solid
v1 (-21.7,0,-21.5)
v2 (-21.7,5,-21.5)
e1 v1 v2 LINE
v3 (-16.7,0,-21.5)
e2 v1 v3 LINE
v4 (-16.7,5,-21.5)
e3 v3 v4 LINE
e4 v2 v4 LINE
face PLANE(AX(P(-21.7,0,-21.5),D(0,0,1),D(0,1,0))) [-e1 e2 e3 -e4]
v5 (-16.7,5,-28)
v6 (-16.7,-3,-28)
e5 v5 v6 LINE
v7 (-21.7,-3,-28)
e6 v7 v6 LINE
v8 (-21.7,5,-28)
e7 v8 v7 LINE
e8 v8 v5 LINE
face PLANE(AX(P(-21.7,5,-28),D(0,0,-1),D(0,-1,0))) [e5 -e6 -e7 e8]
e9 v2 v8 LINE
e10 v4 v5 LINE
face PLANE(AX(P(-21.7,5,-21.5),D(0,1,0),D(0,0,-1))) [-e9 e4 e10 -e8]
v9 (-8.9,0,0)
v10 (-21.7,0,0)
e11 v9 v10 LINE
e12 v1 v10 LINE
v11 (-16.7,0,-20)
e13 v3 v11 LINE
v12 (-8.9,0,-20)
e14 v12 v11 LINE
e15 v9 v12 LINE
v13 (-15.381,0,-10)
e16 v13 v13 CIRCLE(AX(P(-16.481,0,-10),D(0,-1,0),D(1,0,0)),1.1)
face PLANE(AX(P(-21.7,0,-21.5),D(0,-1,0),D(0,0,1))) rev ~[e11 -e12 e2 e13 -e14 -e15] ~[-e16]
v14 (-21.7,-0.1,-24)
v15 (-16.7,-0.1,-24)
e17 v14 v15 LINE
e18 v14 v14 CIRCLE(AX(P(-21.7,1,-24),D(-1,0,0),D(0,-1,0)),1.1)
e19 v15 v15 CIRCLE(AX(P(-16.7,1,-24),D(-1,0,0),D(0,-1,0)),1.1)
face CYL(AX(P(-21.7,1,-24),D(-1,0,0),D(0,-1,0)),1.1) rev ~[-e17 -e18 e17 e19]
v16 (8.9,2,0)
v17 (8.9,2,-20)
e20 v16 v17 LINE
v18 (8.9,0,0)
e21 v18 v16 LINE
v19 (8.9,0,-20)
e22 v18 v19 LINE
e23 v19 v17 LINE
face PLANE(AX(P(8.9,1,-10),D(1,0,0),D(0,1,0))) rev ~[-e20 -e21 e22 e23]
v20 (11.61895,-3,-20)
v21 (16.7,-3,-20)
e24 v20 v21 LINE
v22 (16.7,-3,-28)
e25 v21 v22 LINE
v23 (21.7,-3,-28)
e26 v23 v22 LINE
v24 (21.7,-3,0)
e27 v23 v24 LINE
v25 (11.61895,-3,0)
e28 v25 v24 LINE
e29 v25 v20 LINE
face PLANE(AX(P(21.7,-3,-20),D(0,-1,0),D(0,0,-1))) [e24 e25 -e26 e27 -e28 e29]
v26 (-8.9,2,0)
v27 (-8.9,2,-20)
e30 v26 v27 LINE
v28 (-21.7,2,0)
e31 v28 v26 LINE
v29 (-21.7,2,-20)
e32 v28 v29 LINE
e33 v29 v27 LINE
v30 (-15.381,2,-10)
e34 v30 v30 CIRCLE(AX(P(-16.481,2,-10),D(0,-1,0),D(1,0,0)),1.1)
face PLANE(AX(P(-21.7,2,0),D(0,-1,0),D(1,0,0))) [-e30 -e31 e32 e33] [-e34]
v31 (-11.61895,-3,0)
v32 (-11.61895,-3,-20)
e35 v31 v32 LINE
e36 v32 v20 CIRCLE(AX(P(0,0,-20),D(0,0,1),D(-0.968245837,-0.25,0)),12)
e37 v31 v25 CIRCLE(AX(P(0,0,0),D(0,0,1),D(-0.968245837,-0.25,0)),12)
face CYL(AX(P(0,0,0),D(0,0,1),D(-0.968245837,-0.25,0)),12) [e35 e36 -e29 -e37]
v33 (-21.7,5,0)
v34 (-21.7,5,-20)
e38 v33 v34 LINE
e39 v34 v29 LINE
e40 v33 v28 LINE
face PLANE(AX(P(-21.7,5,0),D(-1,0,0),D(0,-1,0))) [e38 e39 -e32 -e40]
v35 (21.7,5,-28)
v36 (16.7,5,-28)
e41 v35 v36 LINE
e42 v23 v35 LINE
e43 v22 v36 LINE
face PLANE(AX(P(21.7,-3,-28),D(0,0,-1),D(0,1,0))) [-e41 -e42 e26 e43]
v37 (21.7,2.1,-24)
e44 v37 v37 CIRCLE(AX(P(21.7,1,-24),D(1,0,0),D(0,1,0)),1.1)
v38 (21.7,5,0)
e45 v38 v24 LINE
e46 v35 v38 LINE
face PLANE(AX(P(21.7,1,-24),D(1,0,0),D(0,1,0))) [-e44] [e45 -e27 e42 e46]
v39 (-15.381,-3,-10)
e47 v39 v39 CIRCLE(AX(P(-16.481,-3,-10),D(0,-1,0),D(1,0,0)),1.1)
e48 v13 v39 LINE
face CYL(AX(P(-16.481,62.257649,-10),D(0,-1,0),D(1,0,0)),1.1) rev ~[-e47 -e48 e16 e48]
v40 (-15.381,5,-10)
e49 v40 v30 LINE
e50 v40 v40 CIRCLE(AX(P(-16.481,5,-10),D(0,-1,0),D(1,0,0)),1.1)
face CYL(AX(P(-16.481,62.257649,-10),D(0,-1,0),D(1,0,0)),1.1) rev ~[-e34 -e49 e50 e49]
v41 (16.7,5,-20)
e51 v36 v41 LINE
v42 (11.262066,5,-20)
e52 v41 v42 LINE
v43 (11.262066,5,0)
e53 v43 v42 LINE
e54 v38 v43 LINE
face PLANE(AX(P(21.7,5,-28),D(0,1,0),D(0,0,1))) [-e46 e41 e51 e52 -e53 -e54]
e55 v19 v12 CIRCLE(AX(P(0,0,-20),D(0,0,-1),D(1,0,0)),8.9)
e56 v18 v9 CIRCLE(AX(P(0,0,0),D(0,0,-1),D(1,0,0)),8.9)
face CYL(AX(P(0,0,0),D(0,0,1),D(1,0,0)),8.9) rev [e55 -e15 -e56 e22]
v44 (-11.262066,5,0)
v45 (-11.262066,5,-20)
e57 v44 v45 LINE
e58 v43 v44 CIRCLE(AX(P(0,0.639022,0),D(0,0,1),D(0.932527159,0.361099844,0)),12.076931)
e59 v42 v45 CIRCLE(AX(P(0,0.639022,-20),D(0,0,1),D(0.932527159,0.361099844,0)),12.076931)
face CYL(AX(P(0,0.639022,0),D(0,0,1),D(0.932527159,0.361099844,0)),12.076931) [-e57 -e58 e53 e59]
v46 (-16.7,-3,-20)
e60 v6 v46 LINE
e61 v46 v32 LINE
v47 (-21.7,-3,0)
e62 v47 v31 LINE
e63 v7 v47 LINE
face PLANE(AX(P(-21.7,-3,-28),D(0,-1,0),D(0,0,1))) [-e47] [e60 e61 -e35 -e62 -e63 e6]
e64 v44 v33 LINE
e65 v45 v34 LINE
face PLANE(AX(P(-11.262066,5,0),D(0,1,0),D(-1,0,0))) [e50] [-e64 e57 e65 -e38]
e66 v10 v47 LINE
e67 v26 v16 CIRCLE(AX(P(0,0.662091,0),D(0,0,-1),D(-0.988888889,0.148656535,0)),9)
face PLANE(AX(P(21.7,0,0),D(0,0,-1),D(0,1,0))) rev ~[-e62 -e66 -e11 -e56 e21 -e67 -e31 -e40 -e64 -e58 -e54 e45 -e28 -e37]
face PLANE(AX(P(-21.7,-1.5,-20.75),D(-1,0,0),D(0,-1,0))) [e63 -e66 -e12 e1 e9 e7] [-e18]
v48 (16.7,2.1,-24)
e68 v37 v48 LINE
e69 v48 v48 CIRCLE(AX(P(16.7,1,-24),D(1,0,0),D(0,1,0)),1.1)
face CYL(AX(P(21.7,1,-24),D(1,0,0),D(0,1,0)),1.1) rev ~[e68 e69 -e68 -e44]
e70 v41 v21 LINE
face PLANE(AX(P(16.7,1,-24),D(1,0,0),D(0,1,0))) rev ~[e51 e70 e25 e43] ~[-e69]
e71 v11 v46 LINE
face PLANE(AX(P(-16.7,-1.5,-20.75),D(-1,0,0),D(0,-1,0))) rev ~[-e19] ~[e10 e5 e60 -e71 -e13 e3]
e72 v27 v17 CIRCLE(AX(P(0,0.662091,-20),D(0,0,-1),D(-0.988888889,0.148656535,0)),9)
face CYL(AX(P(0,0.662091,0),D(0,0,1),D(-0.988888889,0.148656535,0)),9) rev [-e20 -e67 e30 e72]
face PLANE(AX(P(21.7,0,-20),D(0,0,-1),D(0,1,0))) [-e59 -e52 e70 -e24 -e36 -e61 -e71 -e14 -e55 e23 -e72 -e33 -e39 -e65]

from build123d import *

# Parameters (mm, degrees)
F1_DEPTH = 20
F4_DEPTH = 20
F2_W     = 2
F2_H     = 20
F5_DEPTH = 12.8
F2_R     = 1.1
F6_DEPTH = 5
F7_W     = 3
F7_H     = 1.5
F7_R     = 1.1
F8_DEPTH = 5
F10_D    = 2.2


with BuildPart() as f1:
    # F0 (on Top) → F1 (new body)
    with BuildSketch(Plane.XY):
        with BuildLine():
            Line((-8.9, -3), (-8.9, 0))
            Line((-8.9, 0), (-12, 0))
            ThreePointArc((-12, 0), (-11.9043563552, -1.5120515098), (-11.6189500386, -3))
            Line((-11.6189500386, -3), (-8.9, -3))
        make_face()
        with BuildLine():
            ThreePointArc((8.9, 0), (0, -8.9), (-8.9, 0))
            Line((-8.9, 0), (-8.9, -3))
            Line((-8.9, -3), (-11.6189500386, -3))
            ThreePointArc((-11.6189500386, -3), (0, -12), (11.6189500386, -3))
            Line((11.6189500386, -3), (8.9, -3))
            Line((8.9, -3), (8.9, 0))
        make_face()
        with BuildLine():
            Line((12, 0), (8.9, 0))
            Line((8.9, 0), (8.9, -3))
            Line((8.9, -3), (11.6189500386, -3))
            ThreePointArc((11.6189500386, -3), (11.9043563552, -1.5120515098), (12, 0))
        make_face()
        with BuildLine():
            ThreePointArc((-11.6189500386, -3), (-11.9043563552, -1.5120515098), (-12, 0))
            Line((-12, 0), (-21.7, 0))
            Line((-21.7, 0), (-21.7, -3))
            Line((-21.7, -3), (-11.6189500386, -3))
        make_face()
        with BuildLine():
            Line((21.7, 0), (12, 0))
            ThreePointArc((12, 0), (11.9043563552, -1.5120515098), (11.6189500386, -3))
            Line((11.6189500386, -3), (21.7, -3))
            Line((21.7, -3), (21.7, 0))
        make_face()
    extrude(amount=-F1_DEPTH)



with BuildPart() as f4:
    # F3 (on Top) → F4 (new body)
    with BuildSketch(Plane.XY):
        with BuildLine():
            Line((-21.7, 2), (-12, 2))
            ThreePointArc((-12, 2), (-11.7273581741, 3.5236938591), (-11.2620660942, 5))
            Line((-11.2620660942, 5), (-21.7, 5))
            Line((-21.7, 5), (-21.7, 2))
        make_face()
        with BuildLine():
            Line((-12, 2), (-8.9, 2))
            Line((-8.9, 2), (-8.9, 5))
            Line((-8.9, 5), (-11.2620660942, 5))
            ThreePointArc((-11.2620660942, 5), (-11.7273581741, 3.5236938591), (-12, 2))
        make_face()
        with BuildLine():
            ThreePointArc((-8.9, 2), (0, 9.662091184), (8.9, 2))
            Line((8.9, 2), (8.9, 5))
            Line((8.9, 5), (11.2620660942, 5))
            ThreePointArc((11.2620660942, 5), (0, 12.7159530528), (-11.2620660942, 5))
            Line((-11.2620660942, 5), (-8.9, 5))
            Line((-8.9, 5), (-8.9, 2))
        make_face()
        with BuildLine():
            ThreePointArc((11.2620660942, 5), (11.7273581741, 3.5236938591), (12, 2))
            Line((12, 2), (21.7, 2))
            Line((21.7, 2), (21.7, 5))
            Line((21.7, 5), (11.2620660942, 5))
        make_face()
        with BuildLine():
            Line((8.9, 5), (8.9, 2))
            Line((8.9, 2), (12, 2))
            ThreePointArc((12, 2), (11.7273581741, 3.5236938591), (11.2620660942, 5))
            Line((11.2620660942, 5), (8.9, 5))
        make_face()
    extrude(amount=-F4_DEPTH)


with BuildPart() as f1_1:
    add(f1.part)

    add(f4.part)  # F5 merges F4
    # F2 (on face) → F5 (join)
    with BuildSketch(Plane.YZ.offset(21.7)):
        with Locations((1, -10)):
            Rectangle(F2_W, F2_H)
    extrude(amount=-F5_DEPTH)

    # F2 (on face) → F6 (join)
    with BuildSketch(Plane.YZ.offset(21.7)):
        Polygon((2, -20), (0, -20), (-3, -20), (-3, -28), (5, -28), (5, -20), align=None)
        with Locations((1, -24)):
            Circle(F2_R, mode=Mode.SUBTRACT)
    extrude(amount=-F6_DEPTH)

    # F7 (on face) → F8 (join)
    with BuildSketch(Plane(origin=(-21.7, 0, 0), x_dir=(0, -1, 0), z_dir=(-1, 0, 0))):
        with Locations((1.5, -20.75)):
            Rectangle(F7_W, F7_H)
        Polygon((3, -28), (3, -21.5), (0, -21.5), (-5, -21.5), (-5, -28), align=None)
        with Locations((-1, -24)):
            Circle(F7_R, mode=Mode.SUBTRACT)
    extrude(amount=-F8_DEPTH)

    # F10 (through all)
    with Locations(Plane(origin=(0, 5, 0), x_dir=(-1, 0, 0), z_dir=(0, 1, 0))):
        with Locations((16.481, -10)):
            Hole(F10_D / 2)


solid = f1_1.part
